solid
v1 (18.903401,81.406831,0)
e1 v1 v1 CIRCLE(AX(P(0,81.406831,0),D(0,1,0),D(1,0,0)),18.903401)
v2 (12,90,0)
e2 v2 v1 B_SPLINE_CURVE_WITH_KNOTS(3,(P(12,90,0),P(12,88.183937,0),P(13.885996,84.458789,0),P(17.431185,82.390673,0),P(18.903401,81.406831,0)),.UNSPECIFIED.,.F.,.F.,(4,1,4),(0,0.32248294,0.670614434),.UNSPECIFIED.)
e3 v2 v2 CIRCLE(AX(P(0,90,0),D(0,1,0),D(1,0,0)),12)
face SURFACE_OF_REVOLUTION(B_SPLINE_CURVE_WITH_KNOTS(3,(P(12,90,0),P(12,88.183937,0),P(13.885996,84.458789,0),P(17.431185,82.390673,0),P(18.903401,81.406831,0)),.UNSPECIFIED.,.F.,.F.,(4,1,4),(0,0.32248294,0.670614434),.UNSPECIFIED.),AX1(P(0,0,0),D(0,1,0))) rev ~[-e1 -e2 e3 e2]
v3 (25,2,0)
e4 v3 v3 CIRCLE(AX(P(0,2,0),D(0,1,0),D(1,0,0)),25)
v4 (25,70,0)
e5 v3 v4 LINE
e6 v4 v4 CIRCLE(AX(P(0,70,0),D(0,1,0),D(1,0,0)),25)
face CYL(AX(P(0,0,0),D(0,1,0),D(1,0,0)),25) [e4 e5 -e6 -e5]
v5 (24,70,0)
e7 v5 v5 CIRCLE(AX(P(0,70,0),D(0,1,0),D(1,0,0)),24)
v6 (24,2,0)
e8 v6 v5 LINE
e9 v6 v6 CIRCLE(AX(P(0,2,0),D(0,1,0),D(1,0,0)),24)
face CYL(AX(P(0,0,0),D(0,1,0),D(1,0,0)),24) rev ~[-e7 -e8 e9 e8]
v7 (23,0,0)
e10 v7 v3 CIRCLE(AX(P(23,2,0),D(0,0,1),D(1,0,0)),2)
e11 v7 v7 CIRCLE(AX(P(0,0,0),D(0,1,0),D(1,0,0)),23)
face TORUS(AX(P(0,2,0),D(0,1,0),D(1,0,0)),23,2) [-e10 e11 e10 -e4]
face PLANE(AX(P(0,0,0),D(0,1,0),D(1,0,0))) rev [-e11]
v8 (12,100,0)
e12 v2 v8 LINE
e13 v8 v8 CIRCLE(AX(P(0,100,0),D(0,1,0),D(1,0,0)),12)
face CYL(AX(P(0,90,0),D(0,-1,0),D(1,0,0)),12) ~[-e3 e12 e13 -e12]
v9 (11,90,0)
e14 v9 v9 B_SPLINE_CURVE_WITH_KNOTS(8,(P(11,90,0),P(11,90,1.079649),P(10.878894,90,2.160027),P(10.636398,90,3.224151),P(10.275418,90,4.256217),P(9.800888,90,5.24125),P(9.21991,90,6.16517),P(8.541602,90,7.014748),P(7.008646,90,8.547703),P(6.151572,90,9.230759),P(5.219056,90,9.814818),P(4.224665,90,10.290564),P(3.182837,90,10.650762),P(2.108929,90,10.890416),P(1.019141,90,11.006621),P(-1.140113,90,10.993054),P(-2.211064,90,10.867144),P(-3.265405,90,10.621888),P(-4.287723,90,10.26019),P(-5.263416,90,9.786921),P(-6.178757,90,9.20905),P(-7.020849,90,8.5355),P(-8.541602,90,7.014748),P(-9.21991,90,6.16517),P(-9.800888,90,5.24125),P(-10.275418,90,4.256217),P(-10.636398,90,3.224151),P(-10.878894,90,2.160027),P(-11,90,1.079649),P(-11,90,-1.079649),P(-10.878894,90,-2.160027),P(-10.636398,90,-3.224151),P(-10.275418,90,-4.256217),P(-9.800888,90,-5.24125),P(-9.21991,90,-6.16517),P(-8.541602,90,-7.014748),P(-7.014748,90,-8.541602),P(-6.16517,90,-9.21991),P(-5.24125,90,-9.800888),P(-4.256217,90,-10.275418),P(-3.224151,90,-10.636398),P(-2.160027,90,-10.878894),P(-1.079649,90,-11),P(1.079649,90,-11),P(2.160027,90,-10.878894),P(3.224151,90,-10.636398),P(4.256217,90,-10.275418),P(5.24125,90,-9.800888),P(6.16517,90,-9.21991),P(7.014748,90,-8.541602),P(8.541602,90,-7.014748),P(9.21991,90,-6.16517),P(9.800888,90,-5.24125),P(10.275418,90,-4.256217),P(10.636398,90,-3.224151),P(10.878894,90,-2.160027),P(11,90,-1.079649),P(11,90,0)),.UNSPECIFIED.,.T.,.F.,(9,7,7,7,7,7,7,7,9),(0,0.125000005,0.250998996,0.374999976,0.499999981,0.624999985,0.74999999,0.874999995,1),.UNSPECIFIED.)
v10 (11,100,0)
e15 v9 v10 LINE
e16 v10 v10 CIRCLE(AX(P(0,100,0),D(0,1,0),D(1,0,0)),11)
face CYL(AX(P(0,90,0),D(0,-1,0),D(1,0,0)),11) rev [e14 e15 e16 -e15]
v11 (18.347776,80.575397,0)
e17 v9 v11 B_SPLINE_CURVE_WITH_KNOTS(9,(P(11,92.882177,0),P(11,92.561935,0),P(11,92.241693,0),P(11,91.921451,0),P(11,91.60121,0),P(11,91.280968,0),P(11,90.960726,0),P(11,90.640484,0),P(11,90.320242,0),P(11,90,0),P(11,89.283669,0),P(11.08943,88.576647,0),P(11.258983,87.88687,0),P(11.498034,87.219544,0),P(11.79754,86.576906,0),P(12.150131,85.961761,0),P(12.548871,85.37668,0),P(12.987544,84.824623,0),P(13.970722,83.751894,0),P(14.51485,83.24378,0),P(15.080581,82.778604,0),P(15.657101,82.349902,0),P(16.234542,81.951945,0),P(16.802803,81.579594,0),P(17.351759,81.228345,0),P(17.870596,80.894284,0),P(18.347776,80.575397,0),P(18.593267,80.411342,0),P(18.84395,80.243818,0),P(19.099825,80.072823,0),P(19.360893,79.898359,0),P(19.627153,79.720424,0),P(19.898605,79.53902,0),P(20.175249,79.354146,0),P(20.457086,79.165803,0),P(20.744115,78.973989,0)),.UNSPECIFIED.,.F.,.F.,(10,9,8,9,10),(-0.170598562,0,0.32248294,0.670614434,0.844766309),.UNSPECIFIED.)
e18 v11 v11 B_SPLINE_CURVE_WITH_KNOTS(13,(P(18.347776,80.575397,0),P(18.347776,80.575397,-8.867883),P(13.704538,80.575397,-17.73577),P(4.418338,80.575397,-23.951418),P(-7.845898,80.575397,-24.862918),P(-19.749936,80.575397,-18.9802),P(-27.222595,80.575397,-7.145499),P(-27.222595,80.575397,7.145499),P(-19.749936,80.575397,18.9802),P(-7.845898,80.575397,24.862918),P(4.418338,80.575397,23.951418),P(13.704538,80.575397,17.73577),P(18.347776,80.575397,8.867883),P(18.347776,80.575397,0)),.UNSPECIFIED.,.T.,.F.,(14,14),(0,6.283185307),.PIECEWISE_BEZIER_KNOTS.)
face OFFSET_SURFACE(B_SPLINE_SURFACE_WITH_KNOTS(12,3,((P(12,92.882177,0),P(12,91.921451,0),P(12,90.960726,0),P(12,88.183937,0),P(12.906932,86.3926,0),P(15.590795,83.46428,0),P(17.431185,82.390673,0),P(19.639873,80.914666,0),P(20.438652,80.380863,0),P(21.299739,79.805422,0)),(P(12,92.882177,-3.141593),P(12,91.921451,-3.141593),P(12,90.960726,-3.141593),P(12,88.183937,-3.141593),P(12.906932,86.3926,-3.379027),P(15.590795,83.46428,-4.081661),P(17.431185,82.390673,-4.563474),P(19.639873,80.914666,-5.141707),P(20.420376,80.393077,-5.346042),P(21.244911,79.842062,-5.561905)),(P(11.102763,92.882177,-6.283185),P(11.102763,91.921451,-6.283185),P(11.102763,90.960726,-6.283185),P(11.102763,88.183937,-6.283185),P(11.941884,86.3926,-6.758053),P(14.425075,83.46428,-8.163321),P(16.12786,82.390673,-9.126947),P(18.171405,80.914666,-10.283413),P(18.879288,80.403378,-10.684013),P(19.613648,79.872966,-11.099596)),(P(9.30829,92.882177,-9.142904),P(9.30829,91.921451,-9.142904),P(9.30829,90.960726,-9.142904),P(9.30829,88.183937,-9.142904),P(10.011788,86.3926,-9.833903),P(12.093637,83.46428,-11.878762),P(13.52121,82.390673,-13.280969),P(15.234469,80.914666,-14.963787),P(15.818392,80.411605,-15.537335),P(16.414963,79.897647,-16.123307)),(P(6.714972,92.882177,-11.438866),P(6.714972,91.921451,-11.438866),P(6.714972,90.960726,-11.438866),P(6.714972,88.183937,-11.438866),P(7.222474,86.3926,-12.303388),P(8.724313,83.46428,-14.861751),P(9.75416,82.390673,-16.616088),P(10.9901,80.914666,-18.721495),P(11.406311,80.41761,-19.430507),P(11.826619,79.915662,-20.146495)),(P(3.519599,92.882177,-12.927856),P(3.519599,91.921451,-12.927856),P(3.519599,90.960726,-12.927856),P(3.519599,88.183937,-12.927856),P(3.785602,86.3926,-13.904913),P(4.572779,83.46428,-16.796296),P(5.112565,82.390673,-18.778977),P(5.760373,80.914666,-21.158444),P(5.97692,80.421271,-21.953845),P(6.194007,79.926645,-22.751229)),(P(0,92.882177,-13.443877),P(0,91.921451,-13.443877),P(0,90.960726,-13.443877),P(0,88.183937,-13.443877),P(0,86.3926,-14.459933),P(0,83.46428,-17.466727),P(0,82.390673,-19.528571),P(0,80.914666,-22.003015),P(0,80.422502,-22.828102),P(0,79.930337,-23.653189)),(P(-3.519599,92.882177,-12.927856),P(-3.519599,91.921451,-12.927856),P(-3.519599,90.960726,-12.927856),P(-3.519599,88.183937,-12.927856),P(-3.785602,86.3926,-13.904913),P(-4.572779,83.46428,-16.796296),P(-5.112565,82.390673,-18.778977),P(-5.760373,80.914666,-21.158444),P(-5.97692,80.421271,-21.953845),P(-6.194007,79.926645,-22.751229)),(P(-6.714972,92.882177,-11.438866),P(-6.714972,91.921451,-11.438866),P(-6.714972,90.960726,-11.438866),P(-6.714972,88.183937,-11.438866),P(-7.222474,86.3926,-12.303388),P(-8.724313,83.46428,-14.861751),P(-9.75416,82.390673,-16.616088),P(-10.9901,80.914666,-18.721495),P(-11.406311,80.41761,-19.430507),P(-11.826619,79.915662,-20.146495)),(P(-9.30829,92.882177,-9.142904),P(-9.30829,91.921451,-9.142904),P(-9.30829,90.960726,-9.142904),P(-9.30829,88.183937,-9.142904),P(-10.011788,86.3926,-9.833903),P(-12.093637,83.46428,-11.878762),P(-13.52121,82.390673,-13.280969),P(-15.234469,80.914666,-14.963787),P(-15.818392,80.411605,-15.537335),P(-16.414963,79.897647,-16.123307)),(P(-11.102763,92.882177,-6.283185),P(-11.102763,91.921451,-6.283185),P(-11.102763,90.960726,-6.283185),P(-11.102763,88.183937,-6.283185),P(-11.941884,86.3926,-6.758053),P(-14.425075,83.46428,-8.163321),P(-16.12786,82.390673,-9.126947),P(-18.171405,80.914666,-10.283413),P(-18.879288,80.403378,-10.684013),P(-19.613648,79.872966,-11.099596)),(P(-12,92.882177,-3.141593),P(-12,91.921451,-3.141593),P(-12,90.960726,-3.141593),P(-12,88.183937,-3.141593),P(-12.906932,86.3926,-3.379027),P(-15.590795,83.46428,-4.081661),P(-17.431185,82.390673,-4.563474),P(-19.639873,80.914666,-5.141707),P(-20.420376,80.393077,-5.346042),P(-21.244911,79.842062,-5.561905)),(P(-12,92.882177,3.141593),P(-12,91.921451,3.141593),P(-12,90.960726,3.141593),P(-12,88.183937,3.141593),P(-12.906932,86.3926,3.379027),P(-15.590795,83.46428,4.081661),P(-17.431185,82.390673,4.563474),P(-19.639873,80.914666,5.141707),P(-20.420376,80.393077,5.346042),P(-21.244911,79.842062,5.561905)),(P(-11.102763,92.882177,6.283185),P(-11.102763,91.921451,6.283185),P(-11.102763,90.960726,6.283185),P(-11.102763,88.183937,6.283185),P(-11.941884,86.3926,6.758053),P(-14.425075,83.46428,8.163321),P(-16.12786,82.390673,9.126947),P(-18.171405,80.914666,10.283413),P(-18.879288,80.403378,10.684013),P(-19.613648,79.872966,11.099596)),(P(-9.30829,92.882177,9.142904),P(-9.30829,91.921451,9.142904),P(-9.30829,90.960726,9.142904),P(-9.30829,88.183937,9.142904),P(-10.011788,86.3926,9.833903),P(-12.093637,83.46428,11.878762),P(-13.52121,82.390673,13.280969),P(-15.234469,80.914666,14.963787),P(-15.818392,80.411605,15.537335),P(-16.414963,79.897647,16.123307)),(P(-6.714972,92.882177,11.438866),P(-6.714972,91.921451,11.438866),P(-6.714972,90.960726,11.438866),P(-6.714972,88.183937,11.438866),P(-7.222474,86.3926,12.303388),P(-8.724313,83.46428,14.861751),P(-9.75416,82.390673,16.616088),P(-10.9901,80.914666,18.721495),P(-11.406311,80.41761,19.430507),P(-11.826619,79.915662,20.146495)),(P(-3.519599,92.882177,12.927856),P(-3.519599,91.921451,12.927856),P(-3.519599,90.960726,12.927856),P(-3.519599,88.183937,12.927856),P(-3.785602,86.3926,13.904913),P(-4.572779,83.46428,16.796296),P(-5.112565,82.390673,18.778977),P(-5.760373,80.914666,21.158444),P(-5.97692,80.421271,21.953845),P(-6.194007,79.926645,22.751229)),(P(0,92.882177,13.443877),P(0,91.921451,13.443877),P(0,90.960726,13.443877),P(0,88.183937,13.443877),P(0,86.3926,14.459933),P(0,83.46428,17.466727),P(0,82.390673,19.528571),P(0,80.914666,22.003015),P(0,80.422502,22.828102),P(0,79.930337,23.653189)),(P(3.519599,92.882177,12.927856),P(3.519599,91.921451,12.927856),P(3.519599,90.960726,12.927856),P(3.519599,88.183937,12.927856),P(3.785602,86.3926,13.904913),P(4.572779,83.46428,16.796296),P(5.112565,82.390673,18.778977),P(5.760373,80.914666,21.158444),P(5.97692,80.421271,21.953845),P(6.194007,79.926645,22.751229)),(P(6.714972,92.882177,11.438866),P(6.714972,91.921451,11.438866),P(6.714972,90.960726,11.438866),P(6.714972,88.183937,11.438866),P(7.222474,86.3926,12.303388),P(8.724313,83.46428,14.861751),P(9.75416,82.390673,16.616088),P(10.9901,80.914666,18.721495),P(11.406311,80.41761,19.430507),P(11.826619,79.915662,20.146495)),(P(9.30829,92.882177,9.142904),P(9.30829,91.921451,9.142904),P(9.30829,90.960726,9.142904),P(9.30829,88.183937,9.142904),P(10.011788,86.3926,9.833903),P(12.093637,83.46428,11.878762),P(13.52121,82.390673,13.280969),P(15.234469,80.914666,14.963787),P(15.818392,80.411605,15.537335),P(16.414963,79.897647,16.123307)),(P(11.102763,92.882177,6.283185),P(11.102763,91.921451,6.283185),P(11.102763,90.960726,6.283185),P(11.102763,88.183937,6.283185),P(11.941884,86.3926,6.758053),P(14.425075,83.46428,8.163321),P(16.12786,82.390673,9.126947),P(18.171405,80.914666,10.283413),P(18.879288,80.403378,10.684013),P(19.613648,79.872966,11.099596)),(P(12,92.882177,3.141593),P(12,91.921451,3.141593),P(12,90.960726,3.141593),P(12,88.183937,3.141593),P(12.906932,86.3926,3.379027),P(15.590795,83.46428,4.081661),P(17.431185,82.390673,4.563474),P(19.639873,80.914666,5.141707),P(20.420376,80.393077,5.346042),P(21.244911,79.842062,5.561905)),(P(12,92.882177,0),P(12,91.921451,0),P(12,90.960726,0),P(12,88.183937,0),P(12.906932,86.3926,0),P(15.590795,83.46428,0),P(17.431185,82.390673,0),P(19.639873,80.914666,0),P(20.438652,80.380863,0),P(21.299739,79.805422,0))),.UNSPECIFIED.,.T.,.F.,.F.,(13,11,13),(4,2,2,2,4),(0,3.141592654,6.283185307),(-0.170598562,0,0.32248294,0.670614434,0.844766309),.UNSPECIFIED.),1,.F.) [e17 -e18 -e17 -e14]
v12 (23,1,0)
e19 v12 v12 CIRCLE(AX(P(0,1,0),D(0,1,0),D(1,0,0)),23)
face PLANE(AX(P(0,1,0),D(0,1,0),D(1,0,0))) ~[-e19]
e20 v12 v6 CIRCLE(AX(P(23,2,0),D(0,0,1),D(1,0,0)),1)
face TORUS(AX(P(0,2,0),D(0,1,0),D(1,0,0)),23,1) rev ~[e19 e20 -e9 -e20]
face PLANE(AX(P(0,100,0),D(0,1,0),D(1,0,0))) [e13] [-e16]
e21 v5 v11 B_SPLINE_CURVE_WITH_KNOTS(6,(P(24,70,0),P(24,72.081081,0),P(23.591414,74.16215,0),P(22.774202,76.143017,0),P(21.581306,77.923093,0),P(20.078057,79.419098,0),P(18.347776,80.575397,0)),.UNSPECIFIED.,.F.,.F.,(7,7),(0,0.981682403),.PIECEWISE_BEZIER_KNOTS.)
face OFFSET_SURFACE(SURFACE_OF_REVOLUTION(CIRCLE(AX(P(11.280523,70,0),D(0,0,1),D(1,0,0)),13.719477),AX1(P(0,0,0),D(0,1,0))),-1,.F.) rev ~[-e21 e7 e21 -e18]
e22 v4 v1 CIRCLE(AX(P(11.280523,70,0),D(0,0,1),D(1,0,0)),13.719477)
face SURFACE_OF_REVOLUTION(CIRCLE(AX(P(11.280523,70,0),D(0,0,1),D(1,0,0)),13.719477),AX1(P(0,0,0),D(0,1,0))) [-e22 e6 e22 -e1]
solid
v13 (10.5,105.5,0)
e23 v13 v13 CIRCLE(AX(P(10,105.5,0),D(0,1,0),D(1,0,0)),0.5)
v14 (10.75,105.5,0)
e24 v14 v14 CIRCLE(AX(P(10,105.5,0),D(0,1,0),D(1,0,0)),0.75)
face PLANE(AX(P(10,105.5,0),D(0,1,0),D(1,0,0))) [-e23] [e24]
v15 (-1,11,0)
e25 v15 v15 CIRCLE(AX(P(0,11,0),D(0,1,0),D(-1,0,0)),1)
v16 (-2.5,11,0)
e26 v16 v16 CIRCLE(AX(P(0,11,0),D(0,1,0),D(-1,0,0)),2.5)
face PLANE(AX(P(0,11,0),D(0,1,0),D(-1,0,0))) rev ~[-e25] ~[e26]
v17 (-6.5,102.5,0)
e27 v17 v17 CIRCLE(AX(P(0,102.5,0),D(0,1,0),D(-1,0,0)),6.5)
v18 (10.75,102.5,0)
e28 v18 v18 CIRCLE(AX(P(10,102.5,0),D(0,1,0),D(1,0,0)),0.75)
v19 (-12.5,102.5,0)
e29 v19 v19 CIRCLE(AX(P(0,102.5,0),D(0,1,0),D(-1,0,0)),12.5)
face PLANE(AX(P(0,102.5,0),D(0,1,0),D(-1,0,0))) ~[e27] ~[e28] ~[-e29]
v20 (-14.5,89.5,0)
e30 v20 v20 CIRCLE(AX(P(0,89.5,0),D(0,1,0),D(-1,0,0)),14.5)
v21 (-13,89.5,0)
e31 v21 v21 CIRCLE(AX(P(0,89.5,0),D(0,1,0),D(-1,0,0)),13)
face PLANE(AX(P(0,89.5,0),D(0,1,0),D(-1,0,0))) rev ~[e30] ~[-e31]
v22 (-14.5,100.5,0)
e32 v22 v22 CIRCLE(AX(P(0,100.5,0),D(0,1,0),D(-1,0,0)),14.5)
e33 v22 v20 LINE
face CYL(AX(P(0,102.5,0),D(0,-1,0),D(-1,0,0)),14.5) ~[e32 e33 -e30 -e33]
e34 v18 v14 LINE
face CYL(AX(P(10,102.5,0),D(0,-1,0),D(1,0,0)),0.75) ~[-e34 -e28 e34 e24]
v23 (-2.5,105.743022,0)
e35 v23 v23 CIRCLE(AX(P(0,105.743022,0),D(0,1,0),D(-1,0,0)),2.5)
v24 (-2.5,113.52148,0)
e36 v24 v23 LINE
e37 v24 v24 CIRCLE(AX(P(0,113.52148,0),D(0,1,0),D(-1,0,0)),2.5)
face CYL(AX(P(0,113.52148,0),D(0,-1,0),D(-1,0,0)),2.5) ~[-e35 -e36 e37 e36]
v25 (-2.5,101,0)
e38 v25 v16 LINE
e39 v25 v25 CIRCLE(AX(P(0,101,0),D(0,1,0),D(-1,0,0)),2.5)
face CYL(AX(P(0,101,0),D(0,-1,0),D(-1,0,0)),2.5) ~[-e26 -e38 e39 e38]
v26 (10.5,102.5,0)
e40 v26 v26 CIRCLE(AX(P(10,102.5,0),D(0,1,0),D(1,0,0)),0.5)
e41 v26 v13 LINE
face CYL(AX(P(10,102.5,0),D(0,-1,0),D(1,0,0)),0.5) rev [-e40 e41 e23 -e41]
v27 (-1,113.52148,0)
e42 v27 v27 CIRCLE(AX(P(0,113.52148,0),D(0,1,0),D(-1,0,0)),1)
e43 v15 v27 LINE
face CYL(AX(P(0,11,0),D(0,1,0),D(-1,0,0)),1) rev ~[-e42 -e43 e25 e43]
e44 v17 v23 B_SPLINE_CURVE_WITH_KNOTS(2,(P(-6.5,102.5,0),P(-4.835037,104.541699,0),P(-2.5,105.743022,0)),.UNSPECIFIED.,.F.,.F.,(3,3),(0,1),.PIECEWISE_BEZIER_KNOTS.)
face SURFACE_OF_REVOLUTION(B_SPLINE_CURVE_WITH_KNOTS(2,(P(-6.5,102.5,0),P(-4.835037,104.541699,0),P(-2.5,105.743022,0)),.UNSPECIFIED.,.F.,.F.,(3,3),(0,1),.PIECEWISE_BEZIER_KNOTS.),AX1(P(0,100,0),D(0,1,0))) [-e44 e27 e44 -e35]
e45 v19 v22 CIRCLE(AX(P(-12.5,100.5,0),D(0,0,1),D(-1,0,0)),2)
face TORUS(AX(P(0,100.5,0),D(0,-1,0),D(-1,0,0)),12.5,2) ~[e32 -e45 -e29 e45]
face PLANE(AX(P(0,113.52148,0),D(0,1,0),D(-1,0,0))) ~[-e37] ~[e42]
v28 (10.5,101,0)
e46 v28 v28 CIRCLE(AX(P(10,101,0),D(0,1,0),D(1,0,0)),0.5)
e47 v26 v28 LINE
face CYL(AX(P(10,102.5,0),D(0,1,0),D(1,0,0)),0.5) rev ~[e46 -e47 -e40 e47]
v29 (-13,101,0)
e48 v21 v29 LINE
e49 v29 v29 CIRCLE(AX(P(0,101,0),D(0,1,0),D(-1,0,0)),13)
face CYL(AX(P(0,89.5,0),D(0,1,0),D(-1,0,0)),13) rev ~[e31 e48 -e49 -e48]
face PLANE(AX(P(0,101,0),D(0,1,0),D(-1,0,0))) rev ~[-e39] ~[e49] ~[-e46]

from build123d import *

# Parameters (mm, degrees)
FILLET1_R           = 2
SHELL1_T            = -1
SKETCH3_R           = 12
SKETCH3_R_2         = 11
EXTRUDE_THIN1_DEPTH = 10
FILLET2_R           = 2
SKETCH5_R           = 0.5
CUT_EXTRUDE1_DEPTH  = 10
SKETCH5_3_R         = 0.75
SKETCH5_3_R_2       = 0.5
BOSS_EXTRUDE1_DEPTH = 3


with BuildPart() as part:
    # Sketch1 → Revolve1 (revolve)
    with BuildSketch(Plane.XY):
        with BuildLine():
            Line((0, 0), (25, 0))
            Line((25, 0), (25, 70))
            ThreePointArc((25, 70), (23.380232642, 76.466921689), (18.903400873, 81.406830568))
            add(Edge.make_bspline(
                [(12, 90), (12, 88.183937424), (13.885995591, 84.458788638), (17.431185098, 82.390672764), (18.903400873, 81.406830568)],
                knots=[0, 0, 0, 0, 0.32248294, 0.670614434, 0.670614434, 0.670614434, 0.670614434], degree=3))
            Line((12, 90), (0, 90))
            Line((0, 90), (0, 0))
        make_face()
    revolve(axis=Axis((0, 0, 0), (0, 1, 0)))

    # Fillet1
    fillet1_edges = [part.edges().sort_by_distance(p)[0] for p in [
        (-25, 0, 0),
    ]]
    fillet(fillet1_edges, radius=FILLET1_R)

    # Shell1
    shell1_openings = [part.faces().sort_by_distance(p)[0] for p in [
        (0, 90, 0),
    ]]
    offset(amount=SHELL1_T, openings=shell1_openings, kind=Kind.INTERSECTION)

    # Sketch3 → Extrude-Thin1 (add)
    with BuildSketch(Plane(origin=(0, 90, 0), x_dir=(1, 0, 0), z_dir=(0, 1, 0))):
        Circle(SKETCH3_R)
        Circle(SKETCH3_R_2, mode=Mode.SUBTRACT)
    extrude(amount=EXTRUDE_THIN1_DEPTH)


with BuildPart() as body_2:
    # Sketch4 → Revolve2 (revolve)
    with BuildSketch(Plane.XY):
        with BuildLine():
            Line((-13, 89.5), (-13, 101))
            Line((-13, 101), (-2.5, 101))
            Line((-2.5, 101), (-2.5, 11))
            Line((-2.5, 11), (-1, 11))
            Line((-1, 11), (-1, 101))
            Line((-1, 101), (-1, 113.521479729))
            Line((-1, 113.521479729), (-2.5, 113.521479729))
            Line((-2.5, 113.521479729), (-2.5, 105.743021739))
            add(Edge.make_bspline(
                [(-6.5, 102.5), (-4.835037084, 104.54169867), (-2.5, 105.743021739)],
                knots=[0, 0, 0, 1, 1, 1], degree=2))
            Line((-6.5, 102.5), (-14.5, 102.5))
            Line((-14.5, 102.5), (-14.5, 89.5))
            Line((-14.5, 89.5), (-13, 89.5))
        make_face()
    revolve(axis=Axis((0, 100, 0), (0, 1, 0)))

    # Fillet2
    fillet2_edges = [body_2.edges().sort_by_distance(p)[0] for p in [
        (14.5, 102.5, 0),
    ]]
    fillet(fillet2_edges, radius=FILLET2_R)

    # Sketch5 → Cut-Extrude1 (cut)
    with BuildSketch(Plane(origin=(0, 102.5, 0), x_dir=(1, 0, 0), z_dir=(0, 1, 0))):
        with Locations((10, 0)):
            Circle(SKETCH5_R)
    extrude(amount=-CUT_EXTRUDE1_DEPTH, mode=Mode.SUBTRACT)

    # Sketch5<3> → Boss-Extrude1 (add)
    with BuildSketch(Plane(origin=(0, 102.5, 0), x_dir=(1, 0, 0), z_dir=(0, 1, 0))):
        with Locations((10, 0)):
            Circle(SKETCH5_3_R)
        with Locations((10, 0)):
            Circle(SKETCH5_3_R_2, mode=Mode.SUBTRACT)
    extrude(amount=BOSS_EXTRUDE1_DEPTH)


solid = Compound([part.part, body_2.part])
